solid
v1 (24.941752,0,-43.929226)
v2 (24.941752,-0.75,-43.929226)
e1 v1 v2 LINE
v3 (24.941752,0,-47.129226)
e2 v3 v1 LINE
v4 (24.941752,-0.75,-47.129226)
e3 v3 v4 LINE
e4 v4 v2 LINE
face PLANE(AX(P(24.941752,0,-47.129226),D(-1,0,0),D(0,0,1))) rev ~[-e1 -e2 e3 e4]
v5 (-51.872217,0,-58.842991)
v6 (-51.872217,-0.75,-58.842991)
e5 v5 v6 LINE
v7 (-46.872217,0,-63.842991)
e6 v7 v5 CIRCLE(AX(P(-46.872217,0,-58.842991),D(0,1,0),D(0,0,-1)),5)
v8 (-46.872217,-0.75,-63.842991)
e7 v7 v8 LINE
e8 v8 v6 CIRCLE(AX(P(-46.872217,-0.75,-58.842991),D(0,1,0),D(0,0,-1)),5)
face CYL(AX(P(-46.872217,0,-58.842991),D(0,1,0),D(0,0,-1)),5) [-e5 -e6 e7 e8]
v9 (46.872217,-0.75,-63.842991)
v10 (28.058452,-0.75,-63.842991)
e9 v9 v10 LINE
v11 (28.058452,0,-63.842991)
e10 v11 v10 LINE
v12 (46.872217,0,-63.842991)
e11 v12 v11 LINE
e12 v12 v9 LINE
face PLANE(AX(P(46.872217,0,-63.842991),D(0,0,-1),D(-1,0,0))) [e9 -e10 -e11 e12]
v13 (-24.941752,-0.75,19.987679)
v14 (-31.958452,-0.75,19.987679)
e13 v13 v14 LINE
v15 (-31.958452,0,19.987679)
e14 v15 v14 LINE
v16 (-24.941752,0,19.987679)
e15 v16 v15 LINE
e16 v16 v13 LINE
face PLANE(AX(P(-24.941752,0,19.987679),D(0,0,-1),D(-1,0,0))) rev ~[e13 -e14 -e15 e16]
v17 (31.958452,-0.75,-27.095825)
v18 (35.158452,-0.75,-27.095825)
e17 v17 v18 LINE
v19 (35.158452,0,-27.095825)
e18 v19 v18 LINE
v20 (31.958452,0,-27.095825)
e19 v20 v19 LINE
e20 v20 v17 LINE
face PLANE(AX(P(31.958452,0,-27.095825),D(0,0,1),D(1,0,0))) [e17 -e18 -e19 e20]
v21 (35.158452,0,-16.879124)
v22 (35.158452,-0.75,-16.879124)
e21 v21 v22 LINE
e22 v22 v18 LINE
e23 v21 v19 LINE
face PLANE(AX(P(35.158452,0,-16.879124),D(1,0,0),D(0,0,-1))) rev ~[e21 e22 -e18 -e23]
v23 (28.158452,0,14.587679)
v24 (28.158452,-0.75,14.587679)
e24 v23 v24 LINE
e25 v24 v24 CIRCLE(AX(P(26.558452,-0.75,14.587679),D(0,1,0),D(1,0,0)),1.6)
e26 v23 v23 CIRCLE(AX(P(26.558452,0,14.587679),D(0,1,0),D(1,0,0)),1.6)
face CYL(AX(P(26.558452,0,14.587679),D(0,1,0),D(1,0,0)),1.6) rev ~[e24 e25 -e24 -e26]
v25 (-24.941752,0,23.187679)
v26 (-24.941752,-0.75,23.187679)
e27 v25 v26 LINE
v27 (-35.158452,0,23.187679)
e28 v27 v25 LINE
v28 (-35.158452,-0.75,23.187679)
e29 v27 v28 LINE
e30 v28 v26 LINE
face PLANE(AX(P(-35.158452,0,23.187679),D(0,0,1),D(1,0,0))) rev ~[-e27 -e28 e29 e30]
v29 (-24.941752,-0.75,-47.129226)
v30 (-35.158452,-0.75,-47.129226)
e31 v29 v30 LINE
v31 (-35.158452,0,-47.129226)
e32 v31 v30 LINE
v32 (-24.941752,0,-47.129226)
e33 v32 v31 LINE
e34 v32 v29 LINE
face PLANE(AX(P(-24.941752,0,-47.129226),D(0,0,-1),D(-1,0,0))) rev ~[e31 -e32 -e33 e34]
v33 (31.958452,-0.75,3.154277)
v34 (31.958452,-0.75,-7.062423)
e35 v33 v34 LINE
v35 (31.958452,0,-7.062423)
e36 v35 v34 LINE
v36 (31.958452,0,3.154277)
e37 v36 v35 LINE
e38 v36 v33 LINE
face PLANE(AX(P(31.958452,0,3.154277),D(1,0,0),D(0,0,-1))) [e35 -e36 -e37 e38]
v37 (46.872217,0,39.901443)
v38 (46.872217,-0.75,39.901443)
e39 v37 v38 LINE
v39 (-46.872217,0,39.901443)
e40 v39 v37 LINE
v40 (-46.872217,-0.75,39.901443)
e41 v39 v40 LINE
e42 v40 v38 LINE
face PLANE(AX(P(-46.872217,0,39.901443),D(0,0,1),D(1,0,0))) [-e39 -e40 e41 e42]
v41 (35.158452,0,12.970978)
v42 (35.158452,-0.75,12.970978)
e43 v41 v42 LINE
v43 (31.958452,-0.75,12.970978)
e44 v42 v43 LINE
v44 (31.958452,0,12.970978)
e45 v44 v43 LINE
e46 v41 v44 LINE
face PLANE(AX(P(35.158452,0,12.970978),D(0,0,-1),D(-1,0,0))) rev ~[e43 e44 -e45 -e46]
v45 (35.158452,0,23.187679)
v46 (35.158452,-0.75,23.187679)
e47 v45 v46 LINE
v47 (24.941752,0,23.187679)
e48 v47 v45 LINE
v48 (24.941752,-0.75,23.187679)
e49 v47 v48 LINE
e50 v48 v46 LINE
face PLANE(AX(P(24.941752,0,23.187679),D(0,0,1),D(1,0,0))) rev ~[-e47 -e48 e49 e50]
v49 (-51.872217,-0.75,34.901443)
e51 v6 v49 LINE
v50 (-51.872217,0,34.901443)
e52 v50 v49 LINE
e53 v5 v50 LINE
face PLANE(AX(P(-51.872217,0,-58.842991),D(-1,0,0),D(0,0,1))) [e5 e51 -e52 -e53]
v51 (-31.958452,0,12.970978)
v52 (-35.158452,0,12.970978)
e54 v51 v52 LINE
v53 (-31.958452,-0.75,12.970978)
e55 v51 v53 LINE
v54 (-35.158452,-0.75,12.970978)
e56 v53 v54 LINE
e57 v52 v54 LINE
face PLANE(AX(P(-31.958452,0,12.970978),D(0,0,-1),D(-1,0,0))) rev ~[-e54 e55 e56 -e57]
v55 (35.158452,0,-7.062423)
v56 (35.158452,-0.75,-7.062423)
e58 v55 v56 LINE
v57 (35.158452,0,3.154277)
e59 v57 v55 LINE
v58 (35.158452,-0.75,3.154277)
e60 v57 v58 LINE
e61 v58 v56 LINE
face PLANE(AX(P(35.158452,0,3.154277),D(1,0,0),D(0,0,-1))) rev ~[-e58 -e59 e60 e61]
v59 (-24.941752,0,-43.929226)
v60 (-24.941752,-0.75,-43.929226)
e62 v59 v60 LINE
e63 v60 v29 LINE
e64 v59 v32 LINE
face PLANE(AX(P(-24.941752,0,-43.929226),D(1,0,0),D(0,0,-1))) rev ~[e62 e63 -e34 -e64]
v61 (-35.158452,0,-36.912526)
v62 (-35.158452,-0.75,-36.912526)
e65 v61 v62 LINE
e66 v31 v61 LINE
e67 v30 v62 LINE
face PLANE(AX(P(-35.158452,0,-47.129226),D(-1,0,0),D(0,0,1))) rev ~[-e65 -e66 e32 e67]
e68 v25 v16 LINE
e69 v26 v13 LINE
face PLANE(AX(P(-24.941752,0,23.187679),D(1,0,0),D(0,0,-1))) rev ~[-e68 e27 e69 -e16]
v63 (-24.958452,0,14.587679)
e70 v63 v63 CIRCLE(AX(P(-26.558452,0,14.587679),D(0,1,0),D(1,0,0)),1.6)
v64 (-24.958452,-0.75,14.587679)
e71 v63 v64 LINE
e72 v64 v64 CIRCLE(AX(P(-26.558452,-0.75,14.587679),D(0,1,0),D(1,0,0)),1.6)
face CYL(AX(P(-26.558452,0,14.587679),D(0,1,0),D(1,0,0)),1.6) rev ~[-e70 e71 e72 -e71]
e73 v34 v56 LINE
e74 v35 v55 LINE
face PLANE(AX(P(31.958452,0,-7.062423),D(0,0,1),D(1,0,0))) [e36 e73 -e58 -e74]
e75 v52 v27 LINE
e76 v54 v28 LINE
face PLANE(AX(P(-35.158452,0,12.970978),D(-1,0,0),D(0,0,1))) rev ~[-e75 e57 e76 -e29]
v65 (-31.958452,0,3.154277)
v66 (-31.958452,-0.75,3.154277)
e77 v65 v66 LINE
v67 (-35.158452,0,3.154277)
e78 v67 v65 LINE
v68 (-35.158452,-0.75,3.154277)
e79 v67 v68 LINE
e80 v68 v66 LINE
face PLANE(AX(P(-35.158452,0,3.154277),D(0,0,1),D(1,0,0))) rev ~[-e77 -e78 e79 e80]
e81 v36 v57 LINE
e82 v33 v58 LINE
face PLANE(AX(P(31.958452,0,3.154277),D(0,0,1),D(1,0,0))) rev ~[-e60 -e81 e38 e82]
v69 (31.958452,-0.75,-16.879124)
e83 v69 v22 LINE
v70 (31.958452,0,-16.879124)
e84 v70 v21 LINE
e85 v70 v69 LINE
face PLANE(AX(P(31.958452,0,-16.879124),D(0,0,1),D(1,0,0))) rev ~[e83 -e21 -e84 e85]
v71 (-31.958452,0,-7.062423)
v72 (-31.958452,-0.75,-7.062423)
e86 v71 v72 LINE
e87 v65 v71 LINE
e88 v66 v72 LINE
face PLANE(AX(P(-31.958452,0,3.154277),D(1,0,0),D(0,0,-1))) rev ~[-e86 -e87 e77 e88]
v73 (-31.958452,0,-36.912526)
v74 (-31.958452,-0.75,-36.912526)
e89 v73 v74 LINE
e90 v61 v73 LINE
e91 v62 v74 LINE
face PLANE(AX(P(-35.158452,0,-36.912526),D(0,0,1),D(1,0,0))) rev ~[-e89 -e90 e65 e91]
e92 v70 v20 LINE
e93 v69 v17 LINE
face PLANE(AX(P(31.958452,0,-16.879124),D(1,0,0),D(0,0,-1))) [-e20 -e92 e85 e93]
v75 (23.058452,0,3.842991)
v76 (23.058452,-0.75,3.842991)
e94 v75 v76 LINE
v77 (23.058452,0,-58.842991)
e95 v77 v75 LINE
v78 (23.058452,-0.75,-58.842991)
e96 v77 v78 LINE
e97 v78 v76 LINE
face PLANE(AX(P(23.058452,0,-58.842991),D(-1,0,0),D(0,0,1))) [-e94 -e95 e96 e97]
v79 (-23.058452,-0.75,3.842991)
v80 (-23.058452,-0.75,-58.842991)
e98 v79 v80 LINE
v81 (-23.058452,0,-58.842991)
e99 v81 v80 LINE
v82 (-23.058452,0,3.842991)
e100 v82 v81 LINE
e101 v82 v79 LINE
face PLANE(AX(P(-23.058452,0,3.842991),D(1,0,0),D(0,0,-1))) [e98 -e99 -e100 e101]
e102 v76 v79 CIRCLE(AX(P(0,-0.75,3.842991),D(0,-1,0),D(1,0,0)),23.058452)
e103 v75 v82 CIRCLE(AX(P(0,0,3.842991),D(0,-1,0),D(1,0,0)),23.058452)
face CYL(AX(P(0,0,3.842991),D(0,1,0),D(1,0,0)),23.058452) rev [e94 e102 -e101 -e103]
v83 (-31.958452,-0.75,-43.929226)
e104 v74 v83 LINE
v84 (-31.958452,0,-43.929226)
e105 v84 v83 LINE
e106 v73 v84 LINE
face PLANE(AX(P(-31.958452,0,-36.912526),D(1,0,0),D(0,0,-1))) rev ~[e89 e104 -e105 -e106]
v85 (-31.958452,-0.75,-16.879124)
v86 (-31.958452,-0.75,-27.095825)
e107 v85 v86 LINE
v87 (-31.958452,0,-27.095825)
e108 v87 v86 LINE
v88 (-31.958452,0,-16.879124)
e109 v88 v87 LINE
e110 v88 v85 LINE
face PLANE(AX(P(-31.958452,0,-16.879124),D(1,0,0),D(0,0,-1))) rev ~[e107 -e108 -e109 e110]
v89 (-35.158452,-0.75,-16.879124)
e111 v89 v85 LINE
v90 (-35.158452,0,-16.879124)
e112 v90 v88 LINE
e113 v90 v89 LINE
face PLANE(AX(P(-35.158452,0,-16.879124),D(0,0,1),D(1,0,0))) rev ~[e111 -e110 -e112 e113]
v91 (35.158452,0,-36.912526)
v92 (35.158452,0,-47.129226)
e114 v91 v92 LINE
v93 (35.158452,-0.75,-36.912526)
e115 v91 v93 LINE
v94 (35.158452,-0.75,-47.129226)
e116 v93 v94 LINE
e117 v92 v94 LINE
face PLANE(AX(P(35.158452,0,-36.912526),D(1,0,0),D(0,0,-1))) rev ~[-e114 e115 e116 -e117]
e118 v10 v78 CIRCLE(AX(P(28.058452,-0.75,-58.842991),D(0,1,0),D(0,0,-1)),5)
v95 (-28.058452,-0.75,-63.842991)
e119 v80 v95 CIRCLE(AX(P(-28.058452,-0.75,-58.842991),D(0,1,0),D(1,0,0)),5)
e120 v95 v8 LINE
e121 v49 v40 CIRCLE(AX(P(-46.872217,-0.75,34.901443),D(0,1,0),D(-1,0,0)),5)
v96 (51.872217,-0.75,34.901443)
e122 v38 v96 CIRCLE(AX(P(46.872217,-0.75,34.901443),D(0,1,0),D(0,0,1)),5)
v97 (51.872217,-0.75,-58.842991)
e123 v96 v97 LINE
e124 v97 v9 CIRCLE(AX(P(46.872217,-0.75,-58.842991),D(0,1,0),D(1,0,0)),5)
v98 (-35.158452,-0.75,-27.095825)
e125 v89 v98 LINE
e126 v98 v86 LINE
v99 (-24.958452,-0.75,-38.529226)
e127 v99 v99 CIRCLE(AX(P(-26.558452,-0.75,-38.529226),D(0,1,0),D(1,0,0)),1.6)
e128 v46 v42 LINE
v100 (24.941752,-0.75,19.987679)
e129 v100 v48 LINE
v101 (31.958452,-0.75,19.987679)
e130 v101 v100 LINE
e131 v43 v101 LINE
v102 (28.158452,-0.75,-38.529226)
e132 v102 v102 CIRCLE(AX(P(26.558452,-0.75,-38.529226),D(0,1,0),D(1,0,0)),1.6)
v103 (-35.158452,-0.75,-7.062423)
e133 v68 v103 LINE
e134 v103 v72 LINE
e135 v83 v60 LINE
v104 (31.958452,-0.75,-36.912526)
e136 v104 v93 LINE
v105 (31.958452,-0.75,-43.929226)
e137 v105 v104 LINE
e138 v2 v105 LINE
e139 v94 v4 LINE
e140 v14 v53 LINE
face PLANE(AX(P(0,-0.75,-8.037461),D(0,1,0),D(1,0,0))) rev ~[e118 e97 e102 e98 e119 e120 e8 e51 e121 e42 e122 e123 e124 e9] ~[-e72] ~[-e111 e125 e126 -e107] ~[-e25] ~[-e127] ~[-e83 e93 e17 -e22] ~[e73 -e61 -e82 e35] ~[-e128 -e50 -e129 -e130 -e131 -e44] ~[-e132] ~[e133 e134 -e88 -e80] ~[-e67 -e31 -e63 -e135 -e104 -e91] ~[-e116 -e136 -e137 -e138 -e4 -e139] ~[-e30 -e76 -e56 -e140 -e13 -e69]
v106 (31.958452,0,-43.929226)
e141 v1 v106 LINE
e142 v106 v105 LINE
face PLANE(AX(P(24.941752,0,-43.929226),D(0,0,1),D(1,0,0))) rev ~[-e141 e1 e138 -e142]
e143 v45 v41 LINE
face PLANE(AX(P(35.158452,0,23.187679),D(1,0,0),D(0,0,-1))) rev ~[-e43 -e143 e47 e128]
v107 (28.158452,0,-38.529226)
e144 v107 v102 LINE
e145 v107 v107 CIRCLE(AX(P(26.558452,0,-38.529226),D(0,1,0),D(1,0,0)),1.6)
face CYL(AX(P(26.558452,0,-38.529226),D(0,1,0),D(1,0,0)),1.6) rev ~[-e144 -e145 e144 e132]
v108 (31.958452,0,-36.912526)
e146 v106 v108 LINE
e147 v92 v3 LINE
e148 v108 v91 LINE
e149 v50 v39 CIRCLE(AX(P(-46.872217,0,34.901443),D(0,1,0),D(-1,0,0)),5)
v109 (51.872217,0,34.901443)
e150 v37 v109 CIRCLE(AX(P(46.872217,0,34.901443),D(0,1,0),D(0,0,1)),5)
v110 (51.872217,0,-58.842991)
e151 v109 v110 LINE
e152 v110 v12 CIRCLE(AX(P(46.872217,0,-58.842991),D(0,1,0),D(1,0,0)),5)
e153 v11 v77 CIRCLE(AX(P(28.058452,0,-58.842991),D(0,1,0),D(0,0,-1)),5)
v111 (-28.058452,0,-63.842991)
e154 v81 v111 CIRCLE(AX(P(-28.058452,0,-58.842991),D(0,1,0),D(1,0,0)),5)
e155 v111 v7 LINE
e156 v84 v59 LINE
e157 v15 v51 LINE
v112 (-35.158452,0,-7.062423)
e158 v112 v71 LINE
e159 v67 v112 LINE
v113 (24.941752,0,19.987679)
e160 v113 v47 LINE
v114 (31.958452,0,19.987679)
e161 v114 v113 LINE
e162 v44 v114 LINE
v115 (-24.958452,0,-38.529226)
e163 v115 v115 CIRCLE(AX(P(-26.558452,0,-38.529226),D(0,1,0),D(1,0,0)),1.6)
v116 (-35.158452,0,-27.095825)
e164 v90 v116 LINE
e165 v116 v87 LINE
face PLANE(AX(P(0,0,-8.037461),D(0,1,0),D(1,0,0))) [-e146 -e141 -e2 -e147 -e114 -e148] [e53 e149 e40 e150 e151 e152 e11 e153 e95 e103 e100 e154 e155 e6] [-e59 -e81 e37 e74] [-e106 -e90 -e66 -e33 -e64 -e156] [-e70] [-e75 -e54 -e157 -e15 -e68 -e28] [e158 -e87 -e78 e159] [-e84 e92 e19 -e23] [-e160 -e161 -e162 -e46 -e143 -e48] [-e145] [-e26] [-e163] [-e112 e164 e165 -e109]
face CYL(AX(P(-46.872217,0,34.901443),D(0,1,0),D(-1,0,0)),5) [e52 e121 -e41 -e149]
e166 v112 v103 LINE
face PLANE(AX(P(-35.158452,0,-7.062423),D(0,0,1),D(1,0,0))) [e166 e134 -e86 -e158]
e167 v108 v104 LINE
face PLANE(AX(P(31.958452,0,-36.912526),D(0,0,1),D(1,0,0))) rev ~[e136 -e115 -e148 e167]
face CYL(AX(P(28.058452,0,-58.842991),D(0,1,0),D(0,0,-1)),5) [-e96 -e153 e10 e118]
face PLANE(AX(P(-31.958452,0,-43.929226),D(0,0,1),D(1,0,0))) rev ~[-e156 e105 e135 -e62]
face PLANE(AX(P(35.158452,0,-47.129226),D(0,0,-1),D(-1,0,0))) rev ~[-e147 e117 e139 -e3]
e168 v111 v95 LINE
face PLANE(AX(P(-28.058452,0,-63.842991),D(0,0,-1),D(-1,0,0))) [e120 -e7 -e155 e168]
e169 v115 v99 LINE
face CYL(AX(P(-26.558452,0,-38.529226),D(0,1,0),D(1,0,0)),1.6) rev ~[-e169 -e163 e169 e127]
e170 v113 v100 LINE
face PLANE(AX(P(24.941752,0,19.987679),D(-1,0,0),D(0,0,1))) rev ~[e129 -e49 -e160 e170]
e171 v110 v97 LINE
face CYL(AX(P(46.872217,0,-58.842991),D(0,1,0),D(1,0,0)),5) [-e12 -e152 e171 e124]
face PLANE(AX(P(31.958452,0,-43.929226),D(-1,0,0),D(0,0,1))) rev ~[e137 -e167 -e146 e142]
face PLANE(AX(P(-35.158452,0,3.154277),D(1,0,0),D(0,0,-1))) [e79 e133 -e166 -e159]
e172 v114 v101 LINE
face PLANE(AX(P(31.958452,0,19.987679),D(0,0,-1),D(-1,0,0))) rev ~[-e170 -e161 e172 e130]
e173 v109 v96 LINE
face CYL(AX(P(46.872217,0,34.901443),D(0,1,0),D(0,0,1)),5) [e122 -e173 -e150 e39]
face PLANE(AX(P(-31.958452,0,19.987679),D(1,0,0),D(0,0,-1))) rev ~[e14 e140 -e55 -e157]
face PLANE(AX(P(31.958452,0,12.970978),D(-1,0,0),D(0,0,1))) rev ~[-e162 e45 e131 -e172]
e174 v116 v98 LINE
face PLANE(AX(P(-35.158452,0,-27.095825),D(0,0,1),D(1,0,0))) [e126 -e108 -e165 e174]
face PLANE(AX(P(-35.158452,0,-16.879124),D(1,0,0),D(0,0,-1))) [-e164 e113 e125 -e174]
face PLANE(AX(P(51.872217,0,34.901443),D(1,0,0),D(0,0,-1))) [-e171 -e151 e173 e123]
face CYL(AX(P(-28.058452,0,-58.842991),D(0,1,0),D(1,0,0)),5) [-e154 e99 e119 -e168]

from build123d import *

# Parameters (mm, degrees)
SKETCH1_R           = 1.6
BOSS_EXTRUDE1_DEPTH = 0.75
SKETCH3_W           = 3.2
SKETCH3_H           = 10.21670071
SKETCH3_H_2         = 10.216700711
CUT_EXTRUDE1_DEPTH  = 1.75


with BuildPart() as part:
    # Sketch1 → Boss-Extrude1 (new body)
    with BuildSketch(Plane(origin=(0, 0, 0), x_dir=(1, 0, 0), z_dir=(0, 1, 0))):
        with BuildLine():
            Line((51.872217102, -34.901443346), (51.872217102, 58.842990858))
            ThreePointArc((51.872217102, 58.842990858), (50.407751008, 62.378524764), (46.872217102, 63.842990858))
            Line((46.872217102, 63.842990858), (28.058452488, 63.842990858))
            ThreePointArc((28.058452488, 63.842990858), (24.522918582, 62.378524764), (23.058452488, 58.842990858))
            Line((23.058452488, 58.842990858), (23.058452488, -3.842990858))
            ThreePointArc((23.058452488, -3.842990858), (0, -26.901443346), (-23.058452488, -3.842990858))
            Line((-23.058452488, -3.842990858), (-23.058452488, 58.842990858))
            ThreePointArc((-23.058452488, 58.842990858), (-24.522918582, 62.378524764), (-28.058452488, 63.842990858))
            Line((-28.058452488, 63.842990858), (-46.872217102, 63.842990858))
            ThreePointArc((-46.872217102, 63.842990858), (-50.407751008, 62.378524764), (-51.872217102, 58.842990858))
            Line((-51.872217102, 58.842990858), (-51.872217102, -34.901443346))
            ThreePointArc((-51.872217102, -34.901443346), (-50.407751008, -38.436977252), (-46.872217102, -39.901443346))
            Line((-46.872217102, -39.901443346), (46.872217102, -39.901443346))
            ThreePointArc((46.872217102, -39.901443346), (50.407751008, -38.436977252), (51.872217102, -34.901443346))
        make_face()
        with Locations((26.558452488, -14.587678732)):
            Circle(SKETCH1_R, mode=Mode.SUBTRACT)
        with Locations((-26.558452488, -14.587678732)):
            Circle(SKETCH1_R, mode=Mode.SUBTRACT)
        with Locations((26.558452488, 38.529226244)):
            Circle(SKETCH1_R, mode=Mode.SUBTRACT)
        with Locations((-26.558452488, 38.529226244)):
            Circle(SKETCH1_R, mode=Mode.SUBTRACT)
    extrude(amount=-BOSS_EXTRUDE1_DEPTH)

    # Sketch3 → Cut-Extrude1 (cut, through all)
    with BuildSketch(Plane(origin=(0, 0, 0), x_dir=(1, 0, 0), z_dir=(0, 1, 0))):
        with Locations((33.558452488, 1.954073045)):
            Rectangle(SKETCH3_W, SKETCH3_H)
        Polygon((35.158452488, 36.912525533), (35.158452488, 47.129226244), (24.941751777, 47.129226244), (24.941751777, 43.929226244), (31.958452488, 43.929226244), (31.958452488, 36.912525533), align=None)
        with Locations((33.558452488, 21.987474467)):
            Rectangle(SKETCH3_W, SKETCH3_H_2)
        with Locations((-33.558452488, 21.987474467)):
            Rectangle(SKETCH3_W, SKETCH3_H_2)
        Polygon((-31.958452488, 36.912525533), (-31.958452488, 43.929226244), (-24.941751777, 43.929226244), (-24.941751777, 47.129226244), (-35.158452488, 47.129226244), (-35.158452488, 36.912525533), align=None)
        Polygon((31.958452488, -12.970978021), (31.958452488, -19.987678732), (24.941751777, -19.987678732), (24.941751777, -23.187678732), (35.158452488, -23.187678732), (35.158452488, -12.970978021), align=None)
        Polygon((-35.158452488, -12.970978021), (-35.158452488, -23.187678732), (-24.941751777, -23.187678732), (-24.941751777, -19.987678732), (-31.958452488, -19.987678732), (-31.958452488, -12.970978021), align=None)
        with Locations((-33.558452488, 1.954073045)):
            Rectangle(SKETCH3_W, SKETCH3_H)
    extrude(amount=-CUT_EXTRUDE1_DEPTH, mode=Mode.SUBTRACT)


solid = part.part
